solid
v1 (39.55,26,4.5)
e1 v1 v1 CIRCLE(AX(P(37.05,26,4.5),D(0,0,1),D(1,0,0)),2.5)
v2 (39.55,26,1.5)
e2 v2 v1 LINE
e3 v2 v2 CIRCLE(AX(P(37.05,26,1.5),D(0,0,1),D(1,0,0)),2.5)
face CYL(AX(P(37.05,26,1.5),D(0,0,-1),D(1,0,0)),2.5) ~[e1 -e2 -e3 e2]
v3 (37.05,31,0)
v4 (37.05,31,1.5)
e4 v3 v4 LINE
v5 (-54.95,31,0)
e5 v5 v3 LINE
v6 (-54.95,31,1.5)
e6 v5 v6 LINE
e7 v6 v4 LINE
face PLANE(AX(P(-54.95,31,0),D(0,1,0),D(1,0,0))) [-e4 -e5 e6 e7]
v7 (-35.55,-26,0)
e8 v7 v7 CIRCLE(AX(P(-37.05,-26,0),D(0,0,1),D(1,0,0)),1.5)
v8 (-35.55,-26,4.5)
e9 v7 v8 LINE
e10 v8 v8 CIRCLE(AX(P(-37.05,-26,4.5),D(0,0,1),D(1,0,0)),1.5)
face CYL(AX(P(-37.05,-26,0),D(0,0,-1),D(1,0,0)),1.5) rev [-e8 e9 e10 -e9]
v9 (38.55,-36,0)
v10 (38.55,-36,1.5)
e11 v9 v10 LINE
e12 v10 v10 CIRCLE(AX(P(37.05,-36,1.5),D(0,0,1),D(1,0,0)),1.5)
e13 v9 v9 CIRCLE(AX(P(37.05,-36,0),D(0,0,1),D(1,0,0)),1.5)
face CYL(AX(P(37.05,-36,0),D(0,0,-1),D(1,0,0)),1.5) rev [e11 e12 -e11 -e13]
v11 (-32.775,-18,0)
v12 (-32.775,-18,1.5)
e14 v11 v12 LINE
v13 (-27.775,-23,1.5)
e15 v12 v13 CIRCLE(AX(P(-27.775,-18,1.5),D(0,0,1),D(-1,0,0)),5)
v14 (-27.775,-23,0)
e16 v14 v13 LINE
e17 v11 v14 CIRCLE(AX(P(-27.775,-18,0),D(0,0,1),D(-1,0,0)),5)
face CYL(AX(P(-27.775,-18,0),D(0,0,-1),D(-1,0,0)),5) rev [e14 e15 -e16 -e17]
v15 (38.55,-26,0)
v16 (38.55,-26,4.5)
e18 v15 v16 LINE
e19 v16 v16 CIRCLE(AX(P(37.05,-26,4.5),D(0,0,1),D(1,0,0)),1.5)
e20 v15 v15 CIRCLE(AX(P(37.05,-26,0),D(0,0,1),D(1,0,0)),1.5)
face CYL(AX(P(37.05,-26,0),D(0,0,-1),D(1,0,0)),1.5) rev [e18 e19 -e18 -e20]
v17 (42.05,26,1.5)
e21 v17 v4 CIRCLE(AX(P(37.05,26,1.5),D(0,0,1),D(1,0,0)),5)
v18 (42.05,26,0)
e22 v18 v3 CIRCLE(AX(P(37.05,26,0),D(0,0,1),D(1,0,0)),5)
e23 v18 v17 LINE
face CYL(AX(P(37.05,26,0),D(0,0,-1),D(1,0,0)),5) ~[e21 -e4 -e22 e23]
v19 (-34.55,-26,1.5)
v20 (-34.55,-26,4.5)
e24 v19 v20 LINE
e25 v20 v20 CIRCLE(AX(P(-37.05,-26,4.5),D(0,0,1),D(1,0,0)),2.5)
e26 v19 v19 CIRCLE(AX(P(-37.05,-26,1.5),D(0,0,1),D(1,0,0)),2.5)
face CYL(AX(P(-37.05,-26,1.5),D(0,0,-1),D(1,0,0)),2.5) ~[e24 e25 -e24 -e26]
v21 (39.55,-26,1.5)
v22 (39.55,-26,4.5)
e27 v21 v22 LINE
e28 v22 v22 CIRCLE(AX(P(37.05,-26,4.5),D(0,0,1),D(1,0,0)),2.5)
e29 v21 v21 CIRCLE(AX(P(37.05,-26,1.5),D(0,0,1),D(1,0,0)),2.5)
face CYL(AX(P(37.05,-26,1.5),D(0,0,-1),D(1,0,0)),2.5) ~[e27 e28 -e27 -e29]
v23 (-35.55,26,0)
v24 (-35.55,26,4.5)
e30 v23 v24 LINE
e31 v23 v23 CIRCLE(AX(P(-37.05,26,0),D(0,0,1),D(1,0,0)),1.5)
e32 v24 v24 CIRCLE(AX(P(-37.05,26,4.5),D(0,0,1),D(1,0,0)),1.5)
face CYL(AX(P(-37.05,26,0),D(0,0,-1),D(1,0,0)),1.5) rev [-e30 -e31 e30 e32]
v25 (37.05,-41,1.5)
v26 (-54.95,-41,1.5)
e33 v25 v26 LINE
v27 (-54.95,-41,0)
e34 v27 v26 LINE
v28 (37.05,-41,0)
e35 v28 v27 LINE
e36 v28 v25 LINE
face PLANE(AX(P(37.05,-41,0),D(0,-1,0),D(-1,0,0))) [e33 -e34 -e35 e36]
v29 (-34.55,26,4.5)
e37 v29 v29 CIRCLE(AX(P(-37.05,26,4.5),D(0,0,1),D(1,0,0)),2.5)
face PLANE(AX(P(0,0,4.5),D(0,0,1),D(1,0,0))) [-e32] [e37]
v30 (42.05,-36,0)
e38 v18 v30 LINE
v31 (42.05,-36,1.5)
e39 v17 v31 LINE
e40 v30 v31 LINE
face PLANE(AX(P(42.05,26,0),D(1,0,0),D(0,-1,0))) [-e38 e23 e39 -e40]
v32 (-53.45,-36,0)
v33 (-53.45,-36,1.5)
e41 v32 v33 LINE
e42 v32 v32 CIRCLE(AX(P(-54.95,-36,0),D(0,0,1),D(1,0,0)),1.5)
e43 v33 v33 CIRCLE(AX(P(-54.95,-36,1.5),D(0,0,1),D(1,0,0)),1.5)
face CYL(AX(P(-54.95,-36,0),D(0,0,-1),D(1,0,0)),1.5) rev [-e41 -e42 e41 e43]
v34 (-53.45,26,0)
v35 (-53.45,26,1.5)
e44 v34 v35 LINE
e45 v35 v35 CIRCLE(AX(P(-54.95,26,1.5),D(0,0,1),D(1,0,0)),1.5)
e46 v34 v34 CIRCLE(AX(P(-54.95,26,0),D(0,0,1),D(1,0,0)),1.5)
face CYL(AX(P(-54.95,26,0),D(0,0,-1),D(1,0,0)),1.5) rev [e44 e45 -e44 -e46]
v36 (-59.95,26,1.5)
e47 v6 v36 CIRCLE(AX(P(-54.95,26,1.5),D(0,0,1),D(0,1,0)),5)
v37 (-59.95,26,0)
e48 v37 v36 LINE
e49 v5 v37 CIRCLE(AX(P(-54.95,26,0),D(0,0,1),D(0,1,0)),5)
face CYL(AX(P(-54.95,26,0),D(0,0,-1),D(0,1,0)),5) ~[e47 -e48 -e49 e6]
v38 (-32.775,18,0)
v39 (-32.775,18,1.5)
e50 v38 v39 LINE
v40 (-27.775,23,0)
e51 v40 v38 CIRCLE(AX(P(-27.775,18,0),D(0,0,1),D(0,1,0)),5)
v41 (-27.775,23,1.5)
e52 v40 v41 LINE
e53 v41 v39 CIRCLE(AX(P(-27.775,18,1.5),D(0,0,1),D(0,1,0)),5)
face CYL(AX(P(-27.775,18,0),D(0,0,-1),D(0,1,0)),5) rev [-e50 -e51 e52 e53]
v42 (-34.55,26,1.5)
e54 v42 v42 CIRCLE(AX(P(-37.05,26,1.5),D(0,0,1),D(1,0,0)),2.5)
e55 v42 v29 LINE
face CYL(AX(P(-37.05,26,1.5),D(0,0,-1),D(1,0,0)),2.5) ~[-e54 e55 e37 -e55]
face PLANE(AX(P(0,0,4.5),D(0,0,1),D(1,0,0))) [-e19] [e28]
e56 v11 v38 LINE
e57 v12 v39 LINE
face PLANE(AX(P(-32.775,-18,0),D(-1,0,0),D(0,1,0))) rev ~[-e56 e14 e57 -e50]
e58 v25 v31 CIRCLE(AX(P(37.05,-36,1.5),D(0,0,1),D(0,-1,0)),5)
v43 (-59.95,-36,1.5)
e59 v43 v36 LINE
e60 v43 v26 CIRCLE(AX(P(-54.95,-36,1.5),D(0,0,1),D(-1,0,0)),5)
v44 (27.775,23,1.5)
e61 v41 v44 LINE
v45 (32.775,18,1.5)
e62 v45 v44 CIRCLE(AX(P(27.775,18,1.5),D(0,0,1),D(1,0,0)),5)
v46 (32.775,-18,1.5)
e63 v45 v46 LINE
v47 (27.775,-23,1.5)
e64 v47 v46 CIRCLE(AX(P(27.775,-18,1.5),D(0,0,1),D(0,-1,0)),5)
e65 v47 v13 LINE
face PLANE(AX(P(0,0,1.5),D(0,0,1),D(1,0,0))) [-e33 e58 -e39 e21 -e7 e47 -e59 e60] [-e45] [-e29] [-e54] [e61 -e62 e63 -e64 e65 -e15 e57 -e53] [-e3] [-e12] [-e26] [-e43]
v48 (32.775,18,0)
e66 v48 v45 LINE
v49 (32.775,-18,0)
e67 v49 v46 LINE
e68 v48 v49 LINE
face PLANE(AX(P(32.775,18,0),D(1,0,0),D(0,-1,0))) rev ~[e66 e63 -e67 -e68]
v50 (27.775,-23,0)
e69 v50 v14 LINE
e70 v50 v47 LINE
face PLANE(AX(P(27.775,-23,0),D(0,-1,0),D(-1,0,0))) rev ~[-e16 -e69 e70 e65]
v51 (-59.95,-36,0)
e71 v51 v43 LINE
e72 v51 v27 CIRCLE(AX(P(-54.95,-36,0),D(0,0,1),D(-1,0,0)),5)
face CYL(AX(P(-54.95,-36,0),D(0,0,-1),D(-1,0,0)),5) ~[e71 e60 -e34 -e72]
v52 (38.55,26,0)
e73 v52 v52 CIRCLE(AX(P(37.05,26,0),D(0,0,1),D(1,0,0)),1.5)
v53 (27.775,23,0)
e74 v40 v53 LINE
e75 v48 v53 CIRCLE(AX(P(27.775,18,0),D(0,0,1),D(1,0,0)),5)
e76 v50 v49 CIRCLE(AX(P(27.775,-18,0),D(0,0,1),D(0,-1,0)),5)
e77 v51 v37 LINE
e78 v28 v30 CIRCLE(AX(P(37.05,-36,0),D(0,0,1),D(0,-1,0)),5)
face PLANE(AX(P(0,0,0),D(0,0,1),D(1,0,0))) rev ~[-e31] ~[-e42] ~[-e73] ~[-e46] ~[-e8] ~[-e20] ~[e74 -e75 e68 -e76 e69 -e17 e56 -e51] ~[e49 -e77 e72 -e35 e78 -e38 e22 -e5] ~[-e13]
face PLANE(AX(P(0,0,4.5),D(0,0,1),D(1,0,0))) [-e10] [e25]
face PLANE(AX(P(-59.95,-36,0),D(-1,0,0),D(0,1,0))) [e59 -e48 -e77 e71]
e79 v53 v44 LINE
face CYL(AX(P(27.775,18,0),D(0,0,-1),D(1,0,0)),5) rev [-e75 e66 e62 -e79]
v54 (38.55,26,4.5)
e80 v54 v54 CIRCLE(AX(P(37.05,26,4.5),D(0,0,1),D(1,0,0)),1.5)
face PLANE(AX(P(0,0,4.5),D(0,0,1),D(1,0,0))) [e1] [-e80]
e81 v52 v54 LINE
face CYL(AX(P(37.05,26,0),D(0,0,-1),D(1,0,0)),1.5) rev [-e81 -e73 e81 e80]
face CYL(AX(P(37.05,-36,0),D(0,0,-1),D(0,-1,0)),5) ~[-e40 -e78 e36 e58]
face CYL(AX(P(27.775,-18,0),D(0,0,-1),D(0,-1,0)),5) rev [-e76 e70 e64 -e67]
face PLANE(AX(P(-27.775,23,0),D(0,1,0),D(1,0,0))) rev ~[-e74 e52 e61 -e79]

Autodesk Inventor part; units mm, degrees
ref_plane "YZ Plane" through (0, 0, 0) normal (1, 0, 0) x (0, 1, 0)
ref_plane "XZ Plane" through (0, 0, 0) normal (0, 1, 0) x (-1, 0, 0)
ref_plane "XY Plane" through (0, 0, 0) normal (0, 0, 1) x (1, 0, 0)
sketch "Sketch1" plane through (0, 0, 0) normal (0, 0, 1) x (1, 0, 0)
  line L0 (-37.05, 26) -> (37.05, 26) construction
  line L1 (37.05, 26) -> (37.05, -26) construction
  line L2 (37.05, -26) -> (-37.05, -26) construction
  line L3 (-37.05, -26) -> (-37.05, 26) construction
  line L4 (-37.05, 26) -> (37.05, -26) construction
  line L5 (37.05, 26) -> (-37.05, -26) construction
  circle A0 centre (37.05, 26) radius 1.5
  circle A1 centre (37.05, -26) radius 1.5
  circle A2 centre (-37.05, -26) radius 1.5
  circle A3 centre (-37.05, 26) radius 1.5
  line L6 (0, 45) -> (0, 0) construction
  line L7 (-18.2065, -55) -> (-18.2065, -15) construction
  circle A4 centre (37.05, 26) radius 3 construction
  circle A5 centre (37.05, -26) radius 3 construction
  circle A6 centre (-37.05, -26) radius 3 construction
  circle A7 centre (-37.05, 26) radius 3 construction
  line L8 (37.05, 26) -> (-54.95, 26) construction
  line L9 (-54.95, 26) -> (-54.95, -36) construction
  line L10 (-54.95, -36) -> (37.05, -36) construction
  line L11 (37.05, -36) -> (37.05, 26) construction
  circle A8 centre (-54.95, 26) radius 1.5
  circle A9 centre (-54.95, -36) radius 1.5
  circle A10 centre (37.05, -36) radius 1.5
  line L12 (-54.95, 31) -> (37.05, 31)
  line L13 (42.05, 26) -> (42.05, -36)
  line L14 (37.05, -41) -> (-54.95, -41)
  line L15 (-59.95, -36) -> (-59.95, 26)
  arc A11 (-54.95, 31) -> (-59.95, 26) centre (-54.95, 26) ccw
  arc A12 (-59.95, -36) -> (-54.95, -41) centre (-54.95, -36) ccw
  arc A13 (37.05, -41) -> (42.05, -36) centre (37.05, -36) ccw
  arc A14 (42.05, 26) -> (37.05, 31) centre (37.05, 26) ccw
  line L16 (27.775, -23) -> (-27.775, -23)
  line L17 (-32.775, -18) -> (-32.775, 18)
  line L18 (-27.775, 23) -> (27.775, 23)
  line L19 (32.775, 18) -> (32.775, -18)
  line L20 (32.775, -23) -> (-32.775, 23) construction
  line L21 (-32.775, -23) -> (32.775, 23) construction
  arc A15 (-27.775, 23) -> (-32.775, 18) centre (-27.775, 18) ccw
  arc A16 (32.775, 18) -> (27.775, 23) centre (27.775, 18) ccw
  arc A17 (27.775, -23) -> (32.775, -18) centre (27.775, -18) ccw
  arc A18 (-32.775, -18) -> (-27.775, -23) centre (-27.775, -18) ccw
  point P0 (0, 0)
  point P1 (0, 0)
  dimension "d0" = 74.1
  dimension "d1" = 52
  dimension "d2" = 3
  dimension "d3" = 45
  dimension "d4" = 6
  dimension "d5" = 0
  dimension "d8" = 62
  dimension "d9" = 92
  dimension "d10" = 5
  dimension "d11" = 5
  dimension "d12" = 5
  dimension "d13" = 5
  dimension "d14" = 5
  dimension "d15" = 5
  dimension "d16" = 3
extrude "Extrusion1" add sketch "Sketch1" along normal blind 1.5
sketch "Sketch2" plane through (0, 0, 1.5) normal (0, 0, 1) x (1, 0, 0)
  circle A0 centre (-37.05, 26) radius 1.5 projected
  circle A1 centre (-37.05, 26) radius 2.5
  circle A2 centre (37.05, 26) radius 1.5 projected
  circle A3 centre (37.05, 26) radius 2.5
  circle A4 centre (37.05, -26) radius 1.5 projected
  circle A5 centre (37.05, -26) radius 2.5
  circle A6 centre (-37.05, -26) radius 1.5 projected
  circle A7 centre (-37.05, -26) radius 2.5
  point P0 (0, 0)
  dimension "d19" = 5
extrude "Extrusion2" add sketch "Sketch2" along normal blind 3
properties part number "NewMoboAdapter"
